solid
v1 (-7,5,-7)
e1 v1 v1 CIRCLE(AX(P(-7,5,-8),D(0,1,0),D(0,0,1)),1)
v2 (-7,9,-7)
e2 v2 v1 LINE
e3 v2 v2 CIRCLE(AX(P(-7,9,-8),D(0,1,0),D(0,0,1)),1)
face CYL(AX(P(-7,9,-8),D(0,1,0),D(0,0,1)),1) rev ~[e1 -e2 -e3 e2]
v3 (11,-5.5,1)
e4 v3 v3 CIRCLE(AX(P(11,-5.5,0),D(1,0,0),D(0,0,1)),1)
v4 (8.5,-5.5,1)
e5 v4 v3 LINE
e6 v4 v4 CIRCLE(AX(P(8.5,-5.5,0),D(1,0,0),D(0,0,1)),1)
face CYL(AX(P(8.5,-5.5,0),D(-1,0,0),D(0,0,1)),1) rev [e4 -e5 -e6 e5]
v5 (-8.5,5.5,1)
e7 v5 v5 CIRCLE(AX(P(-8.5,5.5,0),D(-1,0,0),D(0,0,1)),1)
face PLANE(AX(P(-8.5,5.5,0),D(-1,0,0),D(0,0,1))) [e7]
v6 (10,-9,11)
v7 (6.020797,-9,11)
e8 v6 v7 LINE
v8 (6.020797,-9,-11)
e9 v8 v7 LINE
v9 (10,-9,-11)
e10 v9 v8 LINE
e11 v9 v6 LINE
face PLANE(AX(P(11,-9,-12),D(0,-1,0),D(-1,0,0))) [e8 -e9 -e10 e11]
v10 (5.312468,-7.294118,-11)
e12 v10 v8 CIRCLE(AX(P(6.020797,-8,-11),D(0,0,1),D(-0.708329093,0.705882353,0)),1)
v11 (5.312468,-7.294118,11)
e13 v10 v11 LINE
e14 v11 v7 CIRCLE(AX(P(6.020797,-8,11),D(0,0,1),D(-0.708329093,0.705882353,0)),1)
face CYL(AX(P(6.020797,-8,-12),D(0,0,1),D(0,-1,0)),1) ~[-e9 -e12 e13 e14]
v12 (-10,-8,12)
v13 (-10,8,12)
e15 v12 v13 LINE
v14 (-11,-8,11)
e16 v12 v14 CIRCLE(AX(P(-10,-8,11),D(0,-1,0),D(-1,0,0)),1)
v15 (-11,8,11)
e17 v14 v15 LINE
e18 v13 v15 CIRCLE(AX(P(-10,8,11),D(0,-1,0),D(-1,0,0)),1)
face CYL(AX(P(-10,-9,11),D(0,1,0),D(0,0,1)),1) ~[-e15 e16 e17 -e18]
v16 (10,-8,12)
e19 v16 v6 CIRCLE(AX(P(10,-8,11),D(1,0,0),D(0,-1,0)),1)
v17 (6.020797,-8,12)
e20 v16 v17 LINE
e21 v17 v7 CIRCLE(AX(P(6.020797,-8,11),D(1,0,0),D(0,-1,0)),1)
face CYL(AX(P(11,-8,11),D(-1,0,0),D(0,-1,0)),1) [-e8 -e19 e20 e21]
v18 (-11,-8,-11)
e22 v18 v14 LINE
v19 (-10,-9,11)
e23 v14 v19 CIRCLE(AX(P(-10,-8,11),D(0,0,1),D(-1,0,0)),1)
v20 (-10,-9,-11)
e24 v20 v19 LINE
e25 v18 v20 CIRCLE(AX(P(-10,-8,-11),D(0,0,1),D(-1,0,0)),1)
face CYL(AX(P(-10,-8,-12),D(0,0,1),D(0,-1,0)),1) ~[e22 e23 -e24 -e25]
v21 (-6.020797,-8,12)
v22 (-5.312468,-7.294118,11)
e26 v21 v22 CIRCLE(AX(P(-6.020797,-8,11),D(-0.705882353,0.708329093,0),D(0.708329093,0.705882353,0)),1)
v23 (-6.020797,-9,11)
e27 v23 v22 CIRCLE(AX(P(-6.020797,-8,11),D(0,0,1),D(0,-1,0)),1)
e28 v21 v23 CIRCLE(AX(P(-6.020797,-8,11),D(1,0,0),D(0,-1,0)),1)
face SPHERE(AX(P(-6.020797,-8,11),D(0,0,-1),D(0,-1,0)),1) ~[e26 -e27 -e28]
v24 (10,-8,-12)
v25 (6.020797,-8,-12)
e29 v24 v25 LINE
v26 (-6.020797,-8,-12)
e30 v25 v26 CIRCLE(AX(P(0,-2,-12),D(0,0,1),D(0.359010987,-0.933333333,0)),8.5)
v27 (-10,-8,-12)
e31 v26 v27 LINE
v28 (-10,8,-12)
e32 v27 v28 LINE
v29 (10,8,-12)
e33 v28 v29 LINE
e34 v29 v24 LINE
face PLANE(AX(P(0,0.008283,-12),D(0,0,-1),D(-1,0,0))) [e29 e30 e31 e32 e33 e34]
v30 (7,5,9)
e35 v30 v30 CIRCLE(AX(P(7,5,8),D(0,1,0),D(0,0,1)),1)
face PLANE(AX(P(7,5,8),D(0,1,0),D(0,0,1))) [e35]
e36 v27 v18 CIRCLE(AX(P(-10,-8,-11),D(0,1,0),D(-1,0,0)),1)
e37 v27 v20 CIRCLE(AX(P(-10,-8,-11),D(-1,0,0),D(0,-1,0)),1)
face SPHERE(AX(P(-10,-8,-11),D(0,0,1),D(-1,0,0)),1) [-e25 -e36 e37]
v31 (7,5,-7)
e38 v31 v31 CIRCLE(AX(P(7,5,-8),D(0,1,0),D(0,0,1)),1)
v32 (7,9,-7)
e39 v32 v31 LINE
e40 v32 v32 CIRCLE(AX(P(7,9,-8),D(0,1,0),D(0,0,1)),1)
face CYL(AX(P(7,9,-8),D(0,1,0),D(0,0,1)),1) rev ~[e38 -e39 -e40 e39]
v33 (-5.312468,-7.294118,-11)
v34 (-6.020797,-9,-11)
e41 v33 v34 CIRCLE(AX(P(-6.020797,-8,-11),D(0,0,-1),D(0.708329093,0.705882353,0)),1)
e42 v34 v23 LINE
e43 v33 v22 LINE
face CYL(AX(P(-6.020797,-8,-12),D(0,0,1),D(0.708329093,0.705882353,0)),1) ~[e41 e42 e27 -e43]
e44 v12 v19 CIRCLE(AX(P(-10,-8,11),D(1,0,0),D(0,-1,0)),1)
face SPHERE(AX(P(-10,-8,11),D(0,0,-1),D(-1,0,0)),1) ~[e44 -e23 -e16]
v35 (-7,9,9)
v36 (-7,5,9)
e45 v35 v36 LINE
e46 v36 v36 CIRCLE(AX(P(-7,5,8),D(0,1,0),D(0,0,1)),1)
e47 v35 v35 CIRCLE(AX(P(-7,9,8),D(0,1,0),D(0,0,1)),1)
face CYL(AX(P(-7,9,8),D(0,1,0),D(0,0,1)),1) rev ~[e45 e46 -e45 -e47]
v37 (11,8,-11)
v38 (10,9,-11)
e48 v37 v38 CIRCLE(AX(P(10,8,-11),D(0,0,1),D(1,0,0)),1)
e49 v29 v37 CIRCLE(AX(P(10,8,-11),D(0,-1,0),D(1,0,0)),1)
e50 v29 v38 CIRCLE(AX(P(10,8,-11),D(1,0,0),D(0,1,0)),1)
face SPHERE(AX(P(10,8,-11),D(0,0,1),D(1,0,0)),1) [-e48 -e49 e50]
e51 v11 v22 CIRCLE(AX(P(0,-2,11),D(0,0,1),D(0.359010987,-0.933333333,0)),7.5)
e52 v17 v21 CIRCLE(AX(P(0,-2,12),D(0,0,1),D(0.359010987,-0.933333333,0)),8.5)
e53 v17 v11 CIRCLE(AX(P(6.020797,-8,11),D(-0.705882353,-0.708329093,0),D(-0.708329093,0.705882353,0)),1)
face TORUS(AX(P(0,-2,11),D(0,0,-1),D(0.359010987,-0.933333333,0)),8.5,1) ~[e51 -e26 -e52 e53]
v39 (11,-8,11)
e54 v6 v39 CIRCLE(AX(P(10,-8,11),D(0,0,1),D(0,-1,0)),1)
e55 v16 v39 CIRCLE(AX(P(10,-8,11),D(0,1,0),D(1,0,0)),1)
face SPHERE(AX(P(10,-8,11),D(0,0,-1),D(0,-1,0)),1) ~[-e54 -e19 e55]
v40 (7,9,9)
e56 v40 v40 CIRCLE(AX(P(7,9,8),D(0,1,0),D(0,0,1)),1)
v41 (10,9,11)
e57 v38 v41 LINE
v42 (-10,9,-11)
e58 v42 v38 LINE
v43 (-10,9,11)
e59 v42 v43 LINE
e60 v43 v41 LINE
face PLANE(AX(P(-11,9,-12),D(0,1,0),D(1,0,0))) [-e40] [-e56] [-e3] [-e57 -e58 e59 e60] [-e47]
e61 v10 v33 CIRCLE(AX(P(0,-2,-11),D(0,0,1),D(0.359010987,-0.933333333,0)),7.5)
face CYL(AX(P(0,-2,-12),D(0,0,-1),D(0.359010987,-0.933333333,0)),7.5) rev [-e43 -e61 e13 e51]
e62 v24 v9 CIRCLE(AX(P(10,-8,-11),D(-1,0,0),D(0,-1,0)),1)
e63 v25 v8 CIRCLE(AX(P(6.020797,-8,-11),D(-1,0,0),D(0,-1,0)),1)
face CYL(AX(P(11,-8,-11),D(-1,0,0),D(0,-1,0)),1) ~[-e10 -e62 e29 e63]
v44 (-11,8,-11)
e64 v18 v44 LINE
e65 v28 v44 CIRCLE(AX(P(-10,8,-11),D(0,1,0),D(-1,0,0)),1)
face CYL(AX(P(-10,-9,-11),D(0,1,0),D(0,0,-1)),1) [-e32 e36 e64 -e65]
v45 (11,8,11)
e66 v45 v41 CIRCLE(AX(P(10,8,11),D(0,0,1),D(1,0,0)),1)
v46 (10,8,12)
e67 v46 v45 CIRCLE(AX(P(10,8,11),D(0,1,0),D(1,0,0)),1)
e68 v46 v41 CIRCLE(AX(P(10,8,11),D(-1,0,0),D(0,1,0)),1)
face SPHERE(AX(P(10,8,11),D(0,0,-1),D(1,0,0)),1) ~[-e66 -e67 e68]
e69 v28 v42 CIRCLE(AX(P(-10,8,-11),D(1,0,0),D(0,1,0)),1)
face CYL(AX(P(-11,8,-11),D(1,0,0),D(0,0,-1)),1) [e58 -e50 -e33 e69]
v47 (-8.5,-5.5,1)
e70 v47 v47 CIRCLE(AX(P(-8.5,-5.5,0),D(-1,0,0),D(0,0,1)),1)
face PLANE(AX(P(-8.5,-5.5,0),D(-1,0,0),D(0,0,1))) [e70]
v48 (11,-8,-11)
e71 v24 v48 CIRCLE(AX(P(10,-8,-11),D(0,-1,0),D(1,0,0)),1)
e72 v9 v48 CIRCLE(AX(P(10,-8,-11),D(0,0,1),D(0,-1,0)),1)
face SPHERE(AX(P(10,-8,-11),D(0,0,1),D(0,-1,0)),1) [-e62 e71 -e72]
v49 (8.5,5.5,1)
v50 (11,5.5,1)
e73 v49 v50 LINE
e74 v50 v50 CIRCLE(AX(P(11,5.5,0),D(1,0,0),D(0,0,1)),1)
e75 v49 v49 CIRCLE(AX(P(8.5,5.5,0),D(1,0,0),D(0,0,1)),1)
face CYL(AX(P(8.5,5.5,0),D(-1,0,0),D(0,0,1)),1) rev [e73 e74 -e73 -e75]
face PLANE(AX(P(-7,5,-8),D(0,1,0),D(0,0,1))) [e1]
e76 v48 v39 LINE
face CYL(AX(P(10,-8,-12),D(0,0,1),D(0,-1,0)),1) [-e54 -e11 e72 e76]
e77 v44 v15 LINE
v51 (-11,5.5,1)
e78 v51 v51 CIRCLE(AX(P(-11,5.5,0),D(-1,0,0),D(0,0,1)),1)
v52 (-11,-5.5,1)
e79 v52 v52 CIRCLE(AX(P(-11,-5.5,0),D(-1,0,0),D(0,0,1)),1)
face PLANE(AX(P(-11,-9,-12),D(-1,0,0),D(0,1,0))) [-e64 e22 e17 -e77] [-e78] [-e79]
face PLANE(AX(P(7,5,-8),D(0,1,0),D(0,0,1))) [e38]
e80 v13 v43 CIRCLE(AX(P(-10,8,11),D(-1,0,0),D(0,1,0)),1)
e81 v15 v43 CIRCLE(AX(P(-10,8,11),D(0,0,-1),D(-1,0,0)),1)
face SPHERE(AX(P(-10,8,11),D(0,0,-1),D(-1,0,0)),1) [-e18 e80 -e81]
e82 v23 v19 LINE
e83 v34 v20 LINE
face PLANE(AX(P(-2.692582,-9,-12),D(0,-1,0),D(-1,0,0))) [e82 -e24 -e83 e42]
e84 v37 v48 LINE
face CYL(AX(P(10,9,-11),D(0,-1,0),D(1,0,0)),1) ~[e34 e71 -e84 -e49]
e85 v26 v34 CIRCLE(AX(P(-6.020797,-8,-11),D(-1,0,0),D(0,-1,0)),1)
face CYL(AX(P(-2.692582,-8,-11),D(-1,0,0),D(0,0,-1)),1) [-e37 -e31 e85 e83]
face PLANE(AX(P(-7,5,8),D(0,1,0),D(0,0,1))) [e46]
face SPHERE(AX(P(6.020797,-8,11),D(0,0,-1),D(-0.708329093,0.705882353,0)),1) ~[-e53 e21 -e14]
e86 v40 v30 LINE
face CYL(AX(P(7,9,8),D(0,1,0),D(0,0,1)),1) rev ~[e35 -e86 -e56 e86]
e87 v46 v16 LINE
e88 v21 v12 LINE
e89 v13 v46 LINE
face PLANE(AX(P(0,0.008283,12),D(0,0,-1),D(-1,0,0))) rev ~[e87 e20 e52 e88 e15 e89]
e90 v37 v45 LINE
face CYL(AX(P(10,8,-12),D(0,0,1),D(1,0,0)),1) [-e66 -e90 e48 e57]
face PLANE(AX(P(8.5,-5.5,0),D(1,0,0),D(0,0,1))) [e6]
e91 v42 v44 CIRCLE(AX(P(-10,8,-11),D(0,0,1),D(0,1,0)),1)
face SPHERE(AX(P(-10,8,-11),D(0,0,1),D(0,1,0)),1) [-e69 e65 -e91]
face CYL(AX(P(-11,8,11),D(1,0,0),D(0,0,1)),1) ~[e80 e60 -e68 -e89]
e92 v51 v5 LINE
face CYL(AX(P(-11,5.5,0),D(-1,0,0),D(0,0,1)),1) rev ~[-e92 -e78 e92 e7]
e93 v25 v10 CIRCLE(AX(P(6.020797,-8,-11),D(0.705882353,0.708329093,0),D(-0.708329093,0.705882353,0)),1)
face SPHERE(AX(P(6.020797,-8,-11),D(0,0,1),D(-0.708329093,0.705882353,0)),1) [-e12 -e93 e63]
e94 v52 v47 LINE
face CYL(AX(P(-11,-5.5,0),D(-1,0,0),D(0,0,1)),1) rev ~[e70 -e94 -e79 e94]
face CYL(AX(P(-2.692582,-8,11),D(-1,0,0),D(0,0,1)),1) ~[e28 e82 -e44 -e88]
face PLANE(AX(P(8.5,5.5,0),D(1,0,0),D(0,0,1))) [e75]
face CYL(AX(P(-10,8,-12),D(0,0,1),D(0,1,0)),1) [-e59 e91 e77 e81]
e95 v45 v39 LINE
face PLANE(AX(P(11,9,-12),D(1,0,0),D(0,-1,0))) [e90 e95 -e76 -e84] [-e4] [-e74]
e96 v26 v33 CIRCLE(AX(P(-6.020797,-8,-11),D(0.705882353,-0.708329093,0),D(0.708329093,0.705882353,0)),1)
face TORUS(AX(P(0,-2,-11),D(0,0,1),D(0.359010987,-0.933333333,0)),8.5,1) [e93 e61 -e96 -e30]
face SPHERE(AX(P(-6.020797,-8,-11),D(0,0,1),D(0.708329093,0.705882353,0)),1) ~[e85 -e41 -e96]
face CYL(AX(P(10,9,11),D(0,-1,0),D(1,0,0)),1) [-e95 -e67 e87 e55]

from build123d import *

# Parameters (mm, degrees)
BOSS_EXTRU_1_DEPTH      = 12
BOSS_EXTRU_1_DEPTH_BACK = 12
ENL_V_START             = 9
ESQUISSE2_R             = 1
ENL_V_MAT_EXTRU_1_DEPTH = 4
CONG_1_R                = 1
ESQUISSE3_R             = 1
ENL_V_MAT_EXTRU_2_DEPTH = 2.5
ENL_V_START_2           = -2.5
ESQUISSE6_R             = 1
ENL_V_MAT_EXTRU_4_DEPTH = 2.5


with BuildPart() as part:
    # Esquisse1 → Boss.-Extru.1 (new, two sides: drawn at the far end of the back side and taken through both)
    with BuildSketch(Plane.XY.offset(-BOSS_EXTRU_1_DEPTH_BACK)):
        with BuildLine():
            Line((11, -9), (2.692582404, -9))
            ThreePointArc((2.692582404, -9), (0, 5.5), (-2.692582404, -9))
            Line((-2.692582404, -9), (-11, -9))
            Line((-11, -9), (-11, 9))
            Line((-11, 9), (11, 9))
            Line((11, 9), (11, -9))
        make_face()
    extrude(amount=BOSS_EXTRU_1_DEPTH + BOSS_EXTRU_1_DEPTH_BACK)

    # Esquisse2 → Enlèv. mat.-Extru.1 (cut)
    with BuildSketch(Plane(origin=(0, 0, 0), x_dir=(1, 0, 0), z_dir=(0, 1, 0)).offset(ENL_V_START)):
        with Locations(Location((-7, 8, 0), (0, 0, 270))):
            Circle(ESQUISSE2_R)
        with Locations(Location((7, 8, 0), (0, 0, 270))):
            Circle(ESQUISSE2_R)
        with Locations(Location((7, -8, 0), (0, 0, 270))):
            Circle(ESQUISSE2_R)
        with Locations(Location((-7, -8, 0), (0, 0, 270))):
            Circle(ESQUISSE2_R)
    extrude(amount=-ENL_V_MAT_EXTRU_1_DEPTH, mode=Mode.SUBTRACT)

    # Congé1
    cong_1_edges = [part.edges().sort_by_distance(p)[0] for p in [
        (-11, 9, 0),
        (11, 9, 0),
        (11, -9, 0),
        (2.692582404, -9, 0),
        (-2.692582404, -9, 0),
        (-11, -9, 0),
        (0, 5.5, -12),
        (6.846291202, -9, -12),
        (-11, 0, 12),
        (-6.846291202, -9, 12),
        (0, 5.5, 12),
        (6.846291202, -9, 12),
        (11, 0, 12),
        (0, 9, 12),
        (11, 0, -12),
        (0, 9, -12),
        (-11, 0, -12),
        (-6.846291202, -9, -12),
    ]]
    fillet(cong_1_edges, radius=CONG_1_R)

    # Esquisse3 → Enlèv. mat.-Extru.2 (cut)
    with BuildSketch(Plane.ZY.offset(11)):
        with Locations((0, 5.5)):
            Circle(ESQUISSE3_R)
        with Locations((0, -5.5)):
            Circle(ESQUISSE3_R)
    extrude(amount=-ENL_V_MAT_EXTRU_2_DEPTH, mode=Mode.SUBTRACT)

    # Esquisse6 → Enlèv. mat.-Extru.4 (cut)
    with BuildSketch(Plane(origin=(11, 0, 0), x_dir=(0, 0, -1), z_dir=(1, 0, 0)).offset(ENL_V_START_2)):
        with Locations(Location((0, 5.5, 0), (0, 0, 180))):
            Circle(ESQUISSE6_R)
        with Locations(Location((0, -5.5, 0), (0, 0, 180))):
            Circle(ESQUISSE6_R)
    extrude(amount=ENL_V_MAT_EXTRU_4_DEPTH, mode=Mode.SUBTRACT)


solid = part.part
